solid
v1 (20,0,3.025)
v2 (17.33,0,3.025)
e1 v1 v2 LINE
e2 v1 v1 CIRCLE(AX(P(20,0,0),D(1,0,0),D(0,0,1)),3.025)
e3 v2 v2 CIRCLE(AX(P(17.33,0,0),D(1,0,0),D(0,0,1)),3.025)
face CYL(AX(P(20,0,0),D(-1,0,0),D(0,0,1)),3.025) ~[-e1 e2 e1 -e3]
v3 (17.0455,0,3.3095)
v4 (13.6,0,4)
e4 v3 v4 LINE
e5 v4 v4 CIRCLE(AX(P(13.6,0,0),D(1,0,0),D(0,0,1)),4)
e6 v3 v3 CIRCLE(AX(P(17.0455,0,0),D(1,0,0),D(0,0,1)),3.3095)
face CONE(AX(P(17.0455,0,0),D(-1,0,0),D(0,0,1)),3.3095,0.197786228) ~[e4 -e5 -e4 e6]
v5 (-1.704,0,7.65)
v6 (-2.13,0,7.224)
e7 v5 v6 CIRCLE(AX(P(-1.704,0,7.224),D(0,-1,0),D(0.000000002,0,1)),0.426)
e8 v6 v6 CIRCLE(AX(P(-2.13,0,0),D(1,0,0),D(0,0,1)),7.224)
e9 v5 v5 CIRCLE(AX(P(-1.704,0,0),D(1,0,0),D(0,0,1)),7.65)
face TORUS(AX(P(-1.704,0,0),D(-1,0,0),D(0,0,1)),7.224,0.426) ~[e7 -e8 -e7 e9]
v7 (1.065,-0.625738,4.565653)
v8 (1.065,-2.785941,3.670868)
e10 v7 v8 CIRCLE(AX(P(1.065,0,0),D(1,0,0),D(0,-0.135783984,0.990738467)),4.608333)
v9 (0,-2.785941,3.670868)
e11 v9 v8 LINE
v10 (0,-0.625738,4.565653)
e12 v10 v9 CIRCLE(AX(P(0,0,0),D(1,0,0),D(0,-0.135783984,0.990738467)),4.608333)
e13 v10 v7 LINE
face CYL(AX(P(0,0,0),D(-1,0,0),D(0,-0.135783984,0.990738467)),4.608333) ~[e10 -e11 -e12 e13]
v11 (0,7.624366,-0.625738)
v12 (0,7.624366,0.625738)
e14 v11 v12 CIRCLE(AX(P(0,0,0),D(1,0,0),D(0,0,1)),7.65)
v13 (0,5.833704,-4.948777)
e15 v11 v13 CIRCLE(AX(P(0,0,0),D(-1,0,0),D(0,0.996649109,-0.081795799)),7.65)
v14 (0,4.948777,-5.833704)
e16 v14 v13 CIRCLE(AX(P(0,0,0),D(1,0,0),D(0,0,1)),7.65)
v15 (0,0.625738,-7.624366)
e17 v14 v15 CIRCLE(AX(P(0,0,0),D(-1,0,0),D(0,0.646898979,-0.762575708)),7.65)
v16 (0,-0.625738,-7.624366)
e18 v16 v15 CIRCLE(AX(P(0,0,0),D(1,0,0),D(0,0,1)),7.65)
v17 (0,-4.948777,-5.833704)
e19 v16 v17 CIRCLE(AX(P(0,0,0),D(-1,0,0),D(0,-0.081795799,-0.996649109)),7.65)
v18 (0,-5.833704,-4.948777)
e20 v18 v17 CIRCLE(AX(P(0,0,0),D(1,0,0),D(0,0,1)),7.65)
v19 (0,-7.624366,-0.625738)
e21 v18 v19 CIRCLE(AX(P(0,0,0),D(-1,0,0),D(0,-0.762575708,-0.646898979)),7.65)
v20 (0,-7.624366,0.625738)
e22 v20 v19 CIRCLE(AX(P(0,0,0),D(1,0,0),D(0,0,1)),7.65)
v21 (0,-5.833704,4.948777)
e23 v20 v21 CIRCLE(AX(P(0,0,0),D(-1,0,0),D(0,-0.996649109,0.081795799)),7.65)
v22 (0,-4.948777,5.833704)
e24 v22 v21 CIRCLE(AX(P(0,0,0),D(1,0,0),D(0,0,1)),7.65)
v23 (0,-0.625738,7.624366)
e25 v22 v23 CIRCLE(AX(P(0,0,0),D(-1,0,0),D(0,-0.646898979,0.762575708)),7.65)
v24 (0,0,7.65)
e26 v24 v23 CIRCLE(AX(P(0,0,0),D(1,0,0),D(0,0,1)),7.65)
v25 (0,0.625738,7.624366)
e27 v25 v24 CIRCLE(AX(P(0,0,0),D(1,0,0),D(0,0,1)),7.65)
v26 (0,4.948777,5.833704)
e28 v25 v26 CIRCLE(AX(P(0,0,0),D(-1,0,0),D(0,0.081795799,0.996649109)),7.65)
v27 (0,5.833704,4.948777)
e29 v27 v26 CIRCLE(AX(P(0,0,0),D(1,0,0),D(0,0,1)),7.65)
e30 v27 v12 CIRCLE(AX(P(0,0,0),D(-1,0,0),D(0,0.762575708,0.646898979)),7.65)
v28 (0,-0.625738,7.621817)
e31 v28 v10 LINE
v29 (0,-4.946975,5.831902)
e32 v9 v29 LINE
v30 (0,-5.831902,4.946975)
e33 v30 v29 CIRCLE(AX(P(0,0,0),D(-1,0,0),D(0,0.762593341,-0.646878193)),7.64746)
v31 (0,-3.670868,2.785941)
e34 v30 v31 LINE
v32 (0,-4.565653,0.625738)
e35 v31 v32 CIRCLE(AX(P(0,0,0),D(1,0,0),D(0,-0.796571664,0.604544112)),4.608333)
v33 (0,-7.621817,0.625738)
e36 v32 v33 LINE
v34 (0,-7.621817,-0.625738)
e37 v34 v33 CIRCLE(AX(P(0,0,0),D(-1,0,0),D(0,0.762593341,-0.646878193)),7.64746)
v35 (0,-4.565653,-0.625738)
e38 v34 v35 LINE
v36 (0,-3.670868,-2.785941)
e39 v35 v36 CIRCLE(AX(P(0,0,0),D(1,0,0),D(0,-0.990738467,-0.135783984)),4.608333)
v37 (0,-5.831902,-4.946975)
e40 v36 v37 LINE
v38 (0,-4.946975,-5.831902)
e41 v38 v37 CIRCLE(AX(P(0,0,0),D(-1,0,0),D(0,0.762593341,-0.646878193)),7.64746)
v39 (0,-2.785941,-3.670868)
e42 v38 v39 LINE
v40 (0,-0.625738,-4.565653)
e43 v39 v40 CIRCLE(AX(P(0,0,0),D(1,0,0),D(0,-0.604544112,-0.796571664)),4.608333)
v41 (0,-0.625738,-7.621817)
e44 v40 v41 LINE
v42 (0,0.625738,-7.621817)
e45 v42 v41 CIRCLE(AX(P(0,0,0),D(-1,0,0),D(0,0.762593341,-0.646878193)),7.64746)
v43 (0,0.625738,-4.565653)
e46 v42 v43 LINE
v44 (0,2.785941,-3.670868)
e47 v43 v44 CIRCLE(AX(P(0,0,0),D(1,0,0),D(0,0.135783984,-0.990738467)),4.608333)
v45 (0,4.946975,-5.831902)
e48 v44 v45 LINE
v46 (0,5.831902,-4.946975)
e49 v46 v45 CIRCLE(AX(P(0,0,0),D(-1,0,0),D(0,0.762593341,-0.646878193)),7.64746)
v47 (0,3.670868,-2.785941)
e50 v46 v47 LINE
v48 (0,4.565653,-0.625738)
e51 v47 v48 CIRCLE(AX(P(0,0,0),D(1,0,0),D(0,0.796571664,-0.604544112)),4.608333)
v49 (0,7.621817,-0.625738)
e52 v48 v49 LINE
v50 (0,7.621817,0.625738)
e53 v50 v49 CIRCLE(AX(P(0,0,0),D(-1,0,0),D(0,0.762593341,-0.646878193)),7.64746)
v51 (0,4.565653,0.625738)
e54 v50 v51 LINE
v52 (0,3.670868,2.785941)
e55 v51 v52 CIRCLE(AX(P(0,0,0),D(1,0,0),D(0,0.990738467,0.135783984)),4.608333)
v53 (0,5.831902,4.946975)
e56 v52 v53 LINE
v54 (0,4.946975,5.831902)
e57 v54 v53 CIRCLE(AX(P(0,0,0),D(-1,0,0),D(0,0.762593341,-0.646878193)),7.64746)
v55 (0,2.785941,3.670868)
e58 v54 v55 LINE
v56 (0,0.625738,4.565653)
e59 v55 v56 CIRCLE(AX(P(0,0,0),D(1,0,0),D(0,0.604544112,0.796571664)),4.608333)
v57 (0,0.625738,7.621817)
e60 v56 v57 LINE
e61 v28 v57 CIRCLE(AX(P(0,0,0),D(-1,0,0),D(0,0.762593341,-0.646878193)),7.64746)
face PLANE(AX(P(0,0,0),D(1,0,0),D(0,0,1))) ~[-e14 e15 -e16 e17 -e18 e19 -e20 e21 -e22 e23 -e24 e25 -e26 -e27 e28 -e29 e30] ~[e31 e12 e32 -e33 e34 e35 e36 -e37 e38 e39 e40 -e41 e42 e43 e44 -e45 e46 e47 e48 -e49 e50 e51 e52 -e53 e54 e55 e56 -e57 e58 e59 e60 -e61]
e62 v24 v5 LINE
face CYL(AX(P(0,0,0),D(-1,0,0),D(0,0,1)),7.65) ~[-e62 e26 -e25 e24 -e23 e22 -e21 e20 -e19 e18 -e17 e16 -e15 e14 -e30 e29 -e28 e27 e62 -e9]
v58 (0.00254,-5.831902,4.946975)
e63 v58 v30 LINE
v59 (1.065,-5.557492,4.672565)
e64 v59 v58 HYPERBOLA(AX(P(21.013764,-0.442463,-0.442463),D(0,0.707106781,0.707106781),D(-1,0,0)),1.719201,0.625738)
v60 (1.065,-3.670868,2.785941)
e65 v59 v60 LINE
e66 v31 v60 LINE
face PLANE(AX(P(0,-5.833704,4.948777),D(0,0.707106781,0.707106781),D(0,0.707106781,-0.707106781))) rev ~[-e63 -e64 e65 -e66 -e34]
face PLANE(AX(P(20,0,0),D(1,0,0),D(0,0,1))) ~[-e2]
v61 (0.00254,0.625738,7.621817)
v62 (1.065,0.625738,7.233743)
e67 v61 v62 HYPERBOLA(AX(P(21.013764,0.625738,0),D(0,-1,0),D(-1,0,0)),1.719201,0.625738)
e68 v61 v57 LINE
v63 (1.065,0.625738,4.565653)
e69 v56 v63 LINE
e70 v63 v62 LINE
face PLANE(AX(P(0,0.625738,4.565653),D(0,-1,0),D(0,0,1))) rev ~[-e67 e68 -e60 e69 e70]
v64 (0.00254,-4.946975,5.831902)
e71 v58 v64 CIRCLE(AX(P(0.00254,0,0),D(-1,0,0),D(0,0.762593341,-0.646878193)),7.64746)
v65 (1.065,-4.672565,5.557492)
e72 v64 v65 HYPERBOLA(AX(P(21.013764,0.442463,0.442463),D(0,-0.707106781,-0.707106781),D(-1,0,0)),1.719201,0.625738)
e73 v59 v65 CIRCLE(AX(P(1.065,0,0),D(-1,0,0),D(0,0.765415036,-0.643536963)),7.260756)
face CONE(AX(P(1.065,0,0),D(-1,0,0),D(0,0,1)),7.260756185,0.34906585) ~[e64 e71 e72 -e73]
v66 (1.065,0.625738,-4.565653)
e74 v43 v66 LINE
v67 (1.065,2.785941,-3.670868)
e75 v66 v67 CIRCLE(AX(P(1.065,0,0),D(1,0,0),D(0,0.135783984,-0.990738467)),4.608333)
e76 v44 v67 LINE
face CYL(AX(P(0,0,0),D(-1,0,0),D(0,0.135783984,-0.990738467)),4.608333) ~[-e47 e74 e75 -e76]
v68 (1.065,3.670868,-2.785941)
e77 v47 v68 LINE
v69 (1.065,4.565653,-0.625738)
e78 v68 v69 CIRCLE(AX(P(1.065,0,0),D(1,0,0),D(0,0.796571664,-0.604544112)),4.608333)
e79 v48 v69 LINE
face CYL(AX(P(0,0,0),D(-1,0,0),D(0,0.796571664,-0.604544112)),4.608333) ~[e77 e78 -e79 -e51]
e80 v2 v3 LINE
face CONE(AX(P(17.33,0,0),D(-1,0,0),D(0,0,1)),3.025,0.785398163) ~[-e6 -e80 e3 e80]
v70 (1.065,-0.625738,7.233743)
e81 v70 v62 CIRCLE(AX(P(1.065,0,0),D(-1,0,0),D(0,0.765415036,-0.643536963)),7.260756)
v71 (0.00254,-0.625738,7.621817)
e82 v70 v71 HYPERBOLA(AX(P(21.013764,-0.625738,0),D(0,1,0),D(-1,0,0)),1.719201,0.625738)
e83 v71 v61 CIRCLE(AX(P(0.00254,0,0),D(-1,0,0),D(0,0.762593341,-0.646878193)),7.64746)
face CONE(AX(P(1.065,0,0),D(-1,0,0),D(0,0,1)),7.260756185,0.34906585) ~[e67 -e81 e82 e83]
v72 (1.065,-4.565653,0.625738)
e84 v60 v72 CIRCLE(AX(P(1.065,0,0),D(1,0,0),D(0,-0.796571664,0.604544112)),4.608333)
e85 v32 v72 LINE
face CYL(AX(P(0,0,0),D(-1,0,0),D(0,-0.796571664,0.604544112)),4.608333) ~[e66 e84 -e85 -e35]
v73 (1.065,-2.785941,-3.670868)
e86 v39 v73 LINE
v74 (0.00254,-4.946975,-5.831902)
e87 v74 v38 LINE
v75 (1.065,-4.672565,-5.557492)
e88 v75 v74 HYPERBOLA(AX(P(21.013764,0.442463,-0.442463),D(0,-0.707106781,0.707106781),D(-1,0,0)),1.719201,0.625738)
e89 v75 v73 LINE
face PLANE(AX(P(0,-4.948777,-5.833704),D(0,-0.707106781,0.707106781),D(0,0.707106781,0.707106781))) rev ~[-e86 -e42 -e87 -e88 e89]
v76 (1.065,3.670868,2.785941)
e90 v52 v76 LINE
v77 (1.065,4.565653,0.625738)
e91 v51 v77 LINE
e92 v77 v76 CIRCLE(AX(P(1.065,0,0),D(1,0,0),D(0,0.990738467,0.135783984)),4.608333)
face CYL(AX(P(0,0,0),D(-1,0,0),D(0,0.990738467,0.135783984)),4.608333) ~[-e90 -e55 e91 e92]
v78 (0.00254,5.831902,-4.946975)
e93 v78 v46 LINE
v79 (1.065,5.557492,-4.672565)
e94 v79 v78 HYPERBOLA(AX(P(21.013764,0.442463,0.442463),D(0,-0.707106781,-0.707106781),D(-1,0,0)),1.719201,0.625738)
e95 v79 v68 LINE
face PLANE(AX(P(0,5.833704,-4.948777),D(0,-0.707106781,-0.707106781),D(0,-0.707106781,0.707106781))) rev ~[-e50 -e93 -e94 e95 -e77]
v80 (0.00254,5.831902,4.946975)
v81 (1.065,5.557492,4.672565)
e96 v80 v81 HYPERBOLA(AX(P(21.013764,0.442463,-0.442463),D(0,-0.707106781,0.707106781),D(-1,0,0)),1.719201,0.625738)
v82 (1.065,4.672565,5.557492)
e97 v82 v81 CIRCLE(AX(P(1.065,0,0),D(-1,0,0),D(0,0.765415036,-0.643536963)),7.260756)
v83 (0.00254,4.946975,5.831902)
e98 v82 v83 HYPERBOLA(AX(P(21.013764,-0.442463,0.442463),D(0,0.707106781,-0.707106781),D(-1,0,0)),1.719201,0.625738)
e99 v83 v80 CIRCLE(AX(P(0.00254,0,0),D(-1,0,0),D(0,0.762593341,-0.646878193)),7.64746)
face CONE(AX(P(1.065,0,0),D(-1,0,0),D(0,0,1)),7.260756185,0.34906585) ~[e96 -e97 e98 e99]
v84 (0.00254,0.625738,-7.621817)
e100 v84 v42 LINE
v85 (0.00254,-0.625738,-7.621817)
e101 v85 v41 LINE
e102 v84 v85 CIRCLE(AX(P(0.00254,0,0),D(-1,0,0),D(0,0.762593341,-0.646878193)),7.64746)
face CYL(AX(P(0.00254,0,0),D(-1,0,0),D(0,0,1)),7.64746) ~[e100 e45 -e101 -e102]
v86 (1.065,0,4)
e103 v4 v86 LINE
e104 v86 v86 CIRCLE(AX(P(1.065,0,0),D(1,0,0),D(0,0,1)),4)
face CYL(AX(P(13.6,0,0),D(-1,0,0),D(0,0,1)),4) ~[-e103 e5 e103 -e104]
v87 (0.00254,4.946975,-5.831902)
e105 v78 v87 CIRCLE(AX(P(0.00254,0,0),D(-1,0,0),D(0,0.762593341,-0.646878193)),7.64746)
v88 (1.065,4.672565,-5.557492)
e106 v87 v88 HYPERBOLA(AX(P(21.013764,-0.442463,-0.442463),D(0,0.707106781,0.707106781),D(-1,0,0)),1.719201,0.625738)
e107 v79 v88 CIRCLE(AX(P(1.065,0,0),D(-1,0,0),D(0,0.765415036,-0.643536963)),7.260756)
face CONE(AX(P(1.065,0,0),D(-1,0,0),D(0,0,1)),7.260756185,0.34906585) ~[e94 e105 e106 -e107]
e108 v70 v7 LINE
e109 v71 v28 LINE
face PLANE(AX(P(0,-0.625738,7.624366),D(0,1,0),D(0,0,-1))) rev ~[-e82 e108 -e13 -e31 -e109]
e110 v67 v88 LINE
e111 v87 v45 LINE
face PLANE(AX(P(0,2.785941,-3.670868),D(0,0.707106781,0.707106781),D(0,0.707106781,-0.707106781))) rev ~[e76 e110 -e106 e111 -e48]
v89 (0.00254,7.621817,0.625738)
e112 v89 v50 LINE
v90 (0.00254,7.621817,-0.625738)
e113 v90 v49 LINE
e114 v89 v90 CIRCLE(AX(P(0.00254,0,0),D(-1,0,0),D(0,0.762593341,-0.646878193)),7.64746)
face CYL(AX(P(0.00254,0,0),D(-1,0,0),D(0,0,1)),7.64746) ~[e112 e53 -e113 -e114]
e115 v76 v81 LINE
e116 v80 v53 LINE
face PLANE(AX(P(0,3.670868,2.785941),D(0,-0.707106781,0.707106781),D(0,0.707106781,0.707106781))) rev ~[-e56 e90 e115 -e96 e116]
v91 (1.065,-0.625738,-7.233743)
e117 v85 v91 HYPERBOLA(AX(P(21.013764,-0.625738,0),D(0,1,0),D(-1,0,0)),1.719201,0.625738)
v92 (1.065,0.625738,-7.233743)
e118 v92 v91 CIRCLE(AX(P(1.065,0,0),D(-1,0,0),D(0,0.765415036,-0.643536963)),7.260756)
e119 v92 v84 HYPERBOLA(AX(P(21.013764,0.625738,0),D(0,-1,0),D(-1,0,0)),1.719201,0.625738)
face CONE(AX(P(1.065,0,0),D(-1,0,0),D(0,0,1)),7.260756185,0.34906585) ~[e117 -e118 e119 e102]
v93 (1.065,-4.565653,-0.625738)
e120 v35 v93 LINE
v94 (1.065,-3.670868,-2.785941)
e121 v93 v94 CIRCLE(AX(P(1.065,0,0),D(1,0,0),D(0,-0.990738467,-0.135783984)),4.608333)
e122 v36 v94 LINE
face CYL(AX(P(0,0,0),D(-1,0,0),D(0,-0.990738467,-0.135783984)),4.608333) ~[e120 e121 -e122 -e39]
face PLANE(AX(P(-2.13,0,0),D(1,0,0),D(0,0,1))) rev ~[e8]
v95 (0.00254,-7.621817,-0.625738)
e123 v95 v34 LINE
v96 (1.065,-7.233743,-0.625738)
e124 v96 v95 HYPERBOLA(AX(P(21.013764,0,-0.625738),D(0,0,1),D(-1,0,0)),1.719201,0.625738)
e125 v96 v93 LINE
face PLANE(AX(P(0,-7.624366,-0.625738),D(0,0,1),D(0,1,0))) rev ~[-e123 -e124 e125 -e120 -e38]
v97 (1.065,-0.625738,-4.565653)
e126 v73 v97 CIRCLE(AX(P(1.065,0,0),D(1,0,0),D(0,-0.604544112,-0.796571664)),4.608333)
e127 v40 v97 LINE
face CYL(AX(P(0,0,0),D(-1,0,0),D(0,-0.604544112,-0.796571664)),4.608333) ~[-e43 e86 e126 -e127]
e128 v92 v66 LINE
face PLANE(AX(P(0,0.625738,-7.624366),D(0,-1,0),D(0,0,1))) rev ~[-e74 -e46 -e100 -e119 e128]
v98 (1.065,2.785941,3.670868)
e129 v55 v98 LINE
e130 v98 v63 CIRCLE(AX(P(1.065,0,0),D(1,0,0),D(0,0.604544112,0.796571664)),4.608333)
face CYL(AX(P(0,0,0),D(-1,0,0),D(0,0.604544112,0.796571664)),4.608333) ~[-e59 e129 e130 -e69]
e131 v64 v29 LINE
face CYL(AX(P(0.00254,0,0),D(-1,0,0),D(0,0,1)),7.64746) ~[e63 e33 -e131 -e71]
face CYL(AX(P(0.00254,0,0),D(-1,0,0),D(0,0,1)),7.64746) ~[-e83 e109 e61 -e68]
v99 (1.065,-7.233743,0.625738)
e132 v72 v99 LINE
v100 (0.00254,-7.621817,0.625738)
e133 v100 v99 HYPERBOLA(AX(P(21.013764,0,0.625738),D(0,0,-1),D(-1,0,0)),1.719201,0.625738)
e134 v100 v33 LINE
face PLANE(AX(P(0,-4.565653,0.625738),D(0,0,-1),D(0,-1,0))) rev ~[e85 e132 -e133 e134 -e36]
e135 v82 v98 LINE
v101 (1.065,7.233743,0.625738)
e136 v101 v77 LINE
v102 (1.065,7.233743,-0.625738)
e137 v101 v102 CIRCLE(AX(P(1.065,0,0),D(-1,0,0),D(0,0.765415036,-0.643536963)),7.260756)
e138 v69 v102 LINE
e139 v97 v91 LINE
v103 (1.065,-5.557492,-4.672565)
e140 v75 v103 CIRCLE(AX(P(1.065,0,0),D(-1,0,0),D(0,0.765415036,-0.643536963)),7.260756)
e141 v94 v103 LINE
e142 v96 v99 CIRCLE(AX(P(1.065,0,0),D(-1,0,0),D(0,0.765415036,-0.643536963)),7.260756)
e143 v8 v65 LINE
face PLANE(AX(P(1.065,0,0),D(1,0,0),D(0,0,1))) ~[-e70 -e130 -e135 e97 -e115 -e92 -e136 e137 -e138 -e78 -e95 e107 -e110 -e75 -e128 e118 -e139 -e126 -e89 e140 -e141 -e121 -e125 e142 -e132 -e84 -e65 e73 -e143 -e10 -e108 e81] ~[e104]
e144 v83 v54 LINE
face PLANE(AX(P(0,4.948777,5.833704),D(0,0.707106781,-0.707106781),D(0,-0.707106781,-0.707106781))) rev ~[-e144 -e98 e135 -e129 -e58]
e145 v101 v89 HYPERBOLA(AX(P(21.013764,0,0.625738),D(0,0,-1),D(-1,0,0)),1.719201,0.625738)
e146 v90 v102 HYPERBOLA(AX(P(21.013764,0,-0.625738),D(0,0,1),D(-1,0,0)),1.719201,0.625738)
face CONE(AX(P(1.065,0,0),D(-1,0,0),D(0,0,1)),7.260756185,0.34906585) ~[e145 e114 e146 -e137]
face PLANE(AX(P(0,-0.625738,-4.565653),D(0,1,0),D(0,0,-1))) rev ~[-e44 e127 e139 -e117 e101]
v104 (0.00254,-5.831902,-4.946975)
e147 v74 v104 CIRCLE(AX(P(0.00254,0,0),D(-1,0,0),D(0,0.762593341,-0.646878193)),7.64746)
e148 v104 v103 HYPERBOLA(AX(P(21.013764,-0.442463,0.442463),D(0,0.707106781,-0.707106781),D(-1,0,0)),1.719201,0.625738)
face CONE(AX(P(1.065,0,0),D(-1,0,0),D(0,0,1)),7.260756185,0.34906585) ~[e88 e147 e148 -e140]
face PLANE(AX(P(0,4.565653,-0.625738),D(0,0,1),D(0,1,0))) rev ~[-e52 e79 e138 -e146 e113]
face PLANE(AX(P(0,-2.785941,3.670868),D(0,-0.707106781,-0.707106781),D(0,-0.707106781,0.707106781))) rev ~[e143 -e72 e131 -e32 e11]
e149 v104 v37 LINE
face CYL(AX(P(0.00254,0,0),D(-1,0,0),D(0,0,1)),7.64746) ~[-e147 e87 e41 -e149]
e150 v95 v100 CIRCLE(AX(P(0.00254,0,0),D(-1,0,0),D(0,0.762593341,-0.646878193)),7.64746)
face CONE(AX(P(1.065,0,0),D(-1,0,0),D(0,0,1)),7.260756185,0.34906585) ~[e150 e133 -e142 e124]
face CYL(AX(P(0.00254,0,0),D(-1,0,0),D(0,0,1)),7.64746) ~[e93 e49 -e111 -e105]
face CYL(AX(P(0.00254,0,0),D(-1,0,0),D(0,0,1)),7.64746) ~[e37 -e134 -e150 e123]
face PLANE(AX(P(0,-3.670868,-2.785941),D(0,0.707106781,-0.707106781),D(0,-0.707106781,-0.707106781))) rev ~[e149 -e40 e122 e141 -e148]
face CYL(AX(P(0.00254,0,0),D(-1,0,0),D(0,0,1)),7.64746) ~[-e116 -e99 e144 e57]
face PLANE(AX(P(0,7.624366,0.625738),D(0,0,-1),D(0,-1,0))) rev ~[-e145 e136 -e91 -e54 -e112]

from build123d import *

# Parameters (mm, degrees)
RIBCUT_START     = -1.065
RIBCUT_DEPTH     = 1.065
RIBCUTSPAT_COUNT = 8
RIBCUTSPAT_ANGLE = 315


with BuildPart() as part:
    # BodySke → BaseBody (revolve)
    with BuildSketch(Plane.XY, mode=Mode.PRIVATE) as basebody_sk:
        with BuildLine():
            Line((-2.13, 7.224), (-2.13, 0))
            Line((-2.13, 0), (20, 0))
            Line((20, 0), (20, 3.025))
            Line((20, 3.025), (17.33, 3.025))
            Line((17.33, 3.025), (17.0455, 3.3095))
            Line((17.0455, 3.3095), (13.6, 4))
            Line((13.6, 4), (1.065, 4))
            Line((1.065, 4), (1.065, 7.260756185))
            Line((1.065, 7.260756185), (0.00254, 7.64746))
            Line((0.00254, 7.64746), (0, 7.64746))
            Line((0, 7.64746), (0, 7.65))
            Line((0, 7.65), (-1.704, 7.65))
            ThreePointArc((-1.704, 7.65), (-2.005227489, 7.525227489), (-2.13, 7.224))
        make_face()
    revolve(basebody_sk.sketch.rotate(Axis((0, 0, 0), (1, 0, 0)), 90), axis=Axis((0, 0, 0), (1, 0, 0)))

    # RibCutSke → RibCut (cut)
    with BuildSketch(Plane(origin=(1.065, 1.794401132, -0.090952894), x_dir=(0, 0, -1), z_dir=(1, 0, 0)).offset(RIBCUT_START)):
        with BuildLine():
            Line((0.534784966, 2.771251969), (0.534784966, 5.829964555))
            ThreePointArc((0.534784966, 5.829964555), (2.836575363, 5.273277291), (4.857824301, 4.039303031))
            Line((4.857824301, 4.039303031), (2.69498789, 1.87646662))
            ThreePointArc((2.69498789, 1.87646662), (1.672579923, 2.463143713), (0.534784966, 2.771251969))
        make_face()
    ribcut = extrude(amount=RIBCUT_DEPTH, mode=Mode.SUBTRACT)

    # RibCutsPat: RibCut ×8 about axis
    ribcutspat_axis = Axis((0, 0, 0), (1, 0, 0))
    for i in range(1, RIBCUTSPAT_COUNT):
        add(ribcut.rotate(ribcutspat_axis, i * RIBCUTSPAT_ANGLE / (RIBCUTSPAT_COUNT - 1)), mode=Mode.SUBTRACT)


solid = part.part
